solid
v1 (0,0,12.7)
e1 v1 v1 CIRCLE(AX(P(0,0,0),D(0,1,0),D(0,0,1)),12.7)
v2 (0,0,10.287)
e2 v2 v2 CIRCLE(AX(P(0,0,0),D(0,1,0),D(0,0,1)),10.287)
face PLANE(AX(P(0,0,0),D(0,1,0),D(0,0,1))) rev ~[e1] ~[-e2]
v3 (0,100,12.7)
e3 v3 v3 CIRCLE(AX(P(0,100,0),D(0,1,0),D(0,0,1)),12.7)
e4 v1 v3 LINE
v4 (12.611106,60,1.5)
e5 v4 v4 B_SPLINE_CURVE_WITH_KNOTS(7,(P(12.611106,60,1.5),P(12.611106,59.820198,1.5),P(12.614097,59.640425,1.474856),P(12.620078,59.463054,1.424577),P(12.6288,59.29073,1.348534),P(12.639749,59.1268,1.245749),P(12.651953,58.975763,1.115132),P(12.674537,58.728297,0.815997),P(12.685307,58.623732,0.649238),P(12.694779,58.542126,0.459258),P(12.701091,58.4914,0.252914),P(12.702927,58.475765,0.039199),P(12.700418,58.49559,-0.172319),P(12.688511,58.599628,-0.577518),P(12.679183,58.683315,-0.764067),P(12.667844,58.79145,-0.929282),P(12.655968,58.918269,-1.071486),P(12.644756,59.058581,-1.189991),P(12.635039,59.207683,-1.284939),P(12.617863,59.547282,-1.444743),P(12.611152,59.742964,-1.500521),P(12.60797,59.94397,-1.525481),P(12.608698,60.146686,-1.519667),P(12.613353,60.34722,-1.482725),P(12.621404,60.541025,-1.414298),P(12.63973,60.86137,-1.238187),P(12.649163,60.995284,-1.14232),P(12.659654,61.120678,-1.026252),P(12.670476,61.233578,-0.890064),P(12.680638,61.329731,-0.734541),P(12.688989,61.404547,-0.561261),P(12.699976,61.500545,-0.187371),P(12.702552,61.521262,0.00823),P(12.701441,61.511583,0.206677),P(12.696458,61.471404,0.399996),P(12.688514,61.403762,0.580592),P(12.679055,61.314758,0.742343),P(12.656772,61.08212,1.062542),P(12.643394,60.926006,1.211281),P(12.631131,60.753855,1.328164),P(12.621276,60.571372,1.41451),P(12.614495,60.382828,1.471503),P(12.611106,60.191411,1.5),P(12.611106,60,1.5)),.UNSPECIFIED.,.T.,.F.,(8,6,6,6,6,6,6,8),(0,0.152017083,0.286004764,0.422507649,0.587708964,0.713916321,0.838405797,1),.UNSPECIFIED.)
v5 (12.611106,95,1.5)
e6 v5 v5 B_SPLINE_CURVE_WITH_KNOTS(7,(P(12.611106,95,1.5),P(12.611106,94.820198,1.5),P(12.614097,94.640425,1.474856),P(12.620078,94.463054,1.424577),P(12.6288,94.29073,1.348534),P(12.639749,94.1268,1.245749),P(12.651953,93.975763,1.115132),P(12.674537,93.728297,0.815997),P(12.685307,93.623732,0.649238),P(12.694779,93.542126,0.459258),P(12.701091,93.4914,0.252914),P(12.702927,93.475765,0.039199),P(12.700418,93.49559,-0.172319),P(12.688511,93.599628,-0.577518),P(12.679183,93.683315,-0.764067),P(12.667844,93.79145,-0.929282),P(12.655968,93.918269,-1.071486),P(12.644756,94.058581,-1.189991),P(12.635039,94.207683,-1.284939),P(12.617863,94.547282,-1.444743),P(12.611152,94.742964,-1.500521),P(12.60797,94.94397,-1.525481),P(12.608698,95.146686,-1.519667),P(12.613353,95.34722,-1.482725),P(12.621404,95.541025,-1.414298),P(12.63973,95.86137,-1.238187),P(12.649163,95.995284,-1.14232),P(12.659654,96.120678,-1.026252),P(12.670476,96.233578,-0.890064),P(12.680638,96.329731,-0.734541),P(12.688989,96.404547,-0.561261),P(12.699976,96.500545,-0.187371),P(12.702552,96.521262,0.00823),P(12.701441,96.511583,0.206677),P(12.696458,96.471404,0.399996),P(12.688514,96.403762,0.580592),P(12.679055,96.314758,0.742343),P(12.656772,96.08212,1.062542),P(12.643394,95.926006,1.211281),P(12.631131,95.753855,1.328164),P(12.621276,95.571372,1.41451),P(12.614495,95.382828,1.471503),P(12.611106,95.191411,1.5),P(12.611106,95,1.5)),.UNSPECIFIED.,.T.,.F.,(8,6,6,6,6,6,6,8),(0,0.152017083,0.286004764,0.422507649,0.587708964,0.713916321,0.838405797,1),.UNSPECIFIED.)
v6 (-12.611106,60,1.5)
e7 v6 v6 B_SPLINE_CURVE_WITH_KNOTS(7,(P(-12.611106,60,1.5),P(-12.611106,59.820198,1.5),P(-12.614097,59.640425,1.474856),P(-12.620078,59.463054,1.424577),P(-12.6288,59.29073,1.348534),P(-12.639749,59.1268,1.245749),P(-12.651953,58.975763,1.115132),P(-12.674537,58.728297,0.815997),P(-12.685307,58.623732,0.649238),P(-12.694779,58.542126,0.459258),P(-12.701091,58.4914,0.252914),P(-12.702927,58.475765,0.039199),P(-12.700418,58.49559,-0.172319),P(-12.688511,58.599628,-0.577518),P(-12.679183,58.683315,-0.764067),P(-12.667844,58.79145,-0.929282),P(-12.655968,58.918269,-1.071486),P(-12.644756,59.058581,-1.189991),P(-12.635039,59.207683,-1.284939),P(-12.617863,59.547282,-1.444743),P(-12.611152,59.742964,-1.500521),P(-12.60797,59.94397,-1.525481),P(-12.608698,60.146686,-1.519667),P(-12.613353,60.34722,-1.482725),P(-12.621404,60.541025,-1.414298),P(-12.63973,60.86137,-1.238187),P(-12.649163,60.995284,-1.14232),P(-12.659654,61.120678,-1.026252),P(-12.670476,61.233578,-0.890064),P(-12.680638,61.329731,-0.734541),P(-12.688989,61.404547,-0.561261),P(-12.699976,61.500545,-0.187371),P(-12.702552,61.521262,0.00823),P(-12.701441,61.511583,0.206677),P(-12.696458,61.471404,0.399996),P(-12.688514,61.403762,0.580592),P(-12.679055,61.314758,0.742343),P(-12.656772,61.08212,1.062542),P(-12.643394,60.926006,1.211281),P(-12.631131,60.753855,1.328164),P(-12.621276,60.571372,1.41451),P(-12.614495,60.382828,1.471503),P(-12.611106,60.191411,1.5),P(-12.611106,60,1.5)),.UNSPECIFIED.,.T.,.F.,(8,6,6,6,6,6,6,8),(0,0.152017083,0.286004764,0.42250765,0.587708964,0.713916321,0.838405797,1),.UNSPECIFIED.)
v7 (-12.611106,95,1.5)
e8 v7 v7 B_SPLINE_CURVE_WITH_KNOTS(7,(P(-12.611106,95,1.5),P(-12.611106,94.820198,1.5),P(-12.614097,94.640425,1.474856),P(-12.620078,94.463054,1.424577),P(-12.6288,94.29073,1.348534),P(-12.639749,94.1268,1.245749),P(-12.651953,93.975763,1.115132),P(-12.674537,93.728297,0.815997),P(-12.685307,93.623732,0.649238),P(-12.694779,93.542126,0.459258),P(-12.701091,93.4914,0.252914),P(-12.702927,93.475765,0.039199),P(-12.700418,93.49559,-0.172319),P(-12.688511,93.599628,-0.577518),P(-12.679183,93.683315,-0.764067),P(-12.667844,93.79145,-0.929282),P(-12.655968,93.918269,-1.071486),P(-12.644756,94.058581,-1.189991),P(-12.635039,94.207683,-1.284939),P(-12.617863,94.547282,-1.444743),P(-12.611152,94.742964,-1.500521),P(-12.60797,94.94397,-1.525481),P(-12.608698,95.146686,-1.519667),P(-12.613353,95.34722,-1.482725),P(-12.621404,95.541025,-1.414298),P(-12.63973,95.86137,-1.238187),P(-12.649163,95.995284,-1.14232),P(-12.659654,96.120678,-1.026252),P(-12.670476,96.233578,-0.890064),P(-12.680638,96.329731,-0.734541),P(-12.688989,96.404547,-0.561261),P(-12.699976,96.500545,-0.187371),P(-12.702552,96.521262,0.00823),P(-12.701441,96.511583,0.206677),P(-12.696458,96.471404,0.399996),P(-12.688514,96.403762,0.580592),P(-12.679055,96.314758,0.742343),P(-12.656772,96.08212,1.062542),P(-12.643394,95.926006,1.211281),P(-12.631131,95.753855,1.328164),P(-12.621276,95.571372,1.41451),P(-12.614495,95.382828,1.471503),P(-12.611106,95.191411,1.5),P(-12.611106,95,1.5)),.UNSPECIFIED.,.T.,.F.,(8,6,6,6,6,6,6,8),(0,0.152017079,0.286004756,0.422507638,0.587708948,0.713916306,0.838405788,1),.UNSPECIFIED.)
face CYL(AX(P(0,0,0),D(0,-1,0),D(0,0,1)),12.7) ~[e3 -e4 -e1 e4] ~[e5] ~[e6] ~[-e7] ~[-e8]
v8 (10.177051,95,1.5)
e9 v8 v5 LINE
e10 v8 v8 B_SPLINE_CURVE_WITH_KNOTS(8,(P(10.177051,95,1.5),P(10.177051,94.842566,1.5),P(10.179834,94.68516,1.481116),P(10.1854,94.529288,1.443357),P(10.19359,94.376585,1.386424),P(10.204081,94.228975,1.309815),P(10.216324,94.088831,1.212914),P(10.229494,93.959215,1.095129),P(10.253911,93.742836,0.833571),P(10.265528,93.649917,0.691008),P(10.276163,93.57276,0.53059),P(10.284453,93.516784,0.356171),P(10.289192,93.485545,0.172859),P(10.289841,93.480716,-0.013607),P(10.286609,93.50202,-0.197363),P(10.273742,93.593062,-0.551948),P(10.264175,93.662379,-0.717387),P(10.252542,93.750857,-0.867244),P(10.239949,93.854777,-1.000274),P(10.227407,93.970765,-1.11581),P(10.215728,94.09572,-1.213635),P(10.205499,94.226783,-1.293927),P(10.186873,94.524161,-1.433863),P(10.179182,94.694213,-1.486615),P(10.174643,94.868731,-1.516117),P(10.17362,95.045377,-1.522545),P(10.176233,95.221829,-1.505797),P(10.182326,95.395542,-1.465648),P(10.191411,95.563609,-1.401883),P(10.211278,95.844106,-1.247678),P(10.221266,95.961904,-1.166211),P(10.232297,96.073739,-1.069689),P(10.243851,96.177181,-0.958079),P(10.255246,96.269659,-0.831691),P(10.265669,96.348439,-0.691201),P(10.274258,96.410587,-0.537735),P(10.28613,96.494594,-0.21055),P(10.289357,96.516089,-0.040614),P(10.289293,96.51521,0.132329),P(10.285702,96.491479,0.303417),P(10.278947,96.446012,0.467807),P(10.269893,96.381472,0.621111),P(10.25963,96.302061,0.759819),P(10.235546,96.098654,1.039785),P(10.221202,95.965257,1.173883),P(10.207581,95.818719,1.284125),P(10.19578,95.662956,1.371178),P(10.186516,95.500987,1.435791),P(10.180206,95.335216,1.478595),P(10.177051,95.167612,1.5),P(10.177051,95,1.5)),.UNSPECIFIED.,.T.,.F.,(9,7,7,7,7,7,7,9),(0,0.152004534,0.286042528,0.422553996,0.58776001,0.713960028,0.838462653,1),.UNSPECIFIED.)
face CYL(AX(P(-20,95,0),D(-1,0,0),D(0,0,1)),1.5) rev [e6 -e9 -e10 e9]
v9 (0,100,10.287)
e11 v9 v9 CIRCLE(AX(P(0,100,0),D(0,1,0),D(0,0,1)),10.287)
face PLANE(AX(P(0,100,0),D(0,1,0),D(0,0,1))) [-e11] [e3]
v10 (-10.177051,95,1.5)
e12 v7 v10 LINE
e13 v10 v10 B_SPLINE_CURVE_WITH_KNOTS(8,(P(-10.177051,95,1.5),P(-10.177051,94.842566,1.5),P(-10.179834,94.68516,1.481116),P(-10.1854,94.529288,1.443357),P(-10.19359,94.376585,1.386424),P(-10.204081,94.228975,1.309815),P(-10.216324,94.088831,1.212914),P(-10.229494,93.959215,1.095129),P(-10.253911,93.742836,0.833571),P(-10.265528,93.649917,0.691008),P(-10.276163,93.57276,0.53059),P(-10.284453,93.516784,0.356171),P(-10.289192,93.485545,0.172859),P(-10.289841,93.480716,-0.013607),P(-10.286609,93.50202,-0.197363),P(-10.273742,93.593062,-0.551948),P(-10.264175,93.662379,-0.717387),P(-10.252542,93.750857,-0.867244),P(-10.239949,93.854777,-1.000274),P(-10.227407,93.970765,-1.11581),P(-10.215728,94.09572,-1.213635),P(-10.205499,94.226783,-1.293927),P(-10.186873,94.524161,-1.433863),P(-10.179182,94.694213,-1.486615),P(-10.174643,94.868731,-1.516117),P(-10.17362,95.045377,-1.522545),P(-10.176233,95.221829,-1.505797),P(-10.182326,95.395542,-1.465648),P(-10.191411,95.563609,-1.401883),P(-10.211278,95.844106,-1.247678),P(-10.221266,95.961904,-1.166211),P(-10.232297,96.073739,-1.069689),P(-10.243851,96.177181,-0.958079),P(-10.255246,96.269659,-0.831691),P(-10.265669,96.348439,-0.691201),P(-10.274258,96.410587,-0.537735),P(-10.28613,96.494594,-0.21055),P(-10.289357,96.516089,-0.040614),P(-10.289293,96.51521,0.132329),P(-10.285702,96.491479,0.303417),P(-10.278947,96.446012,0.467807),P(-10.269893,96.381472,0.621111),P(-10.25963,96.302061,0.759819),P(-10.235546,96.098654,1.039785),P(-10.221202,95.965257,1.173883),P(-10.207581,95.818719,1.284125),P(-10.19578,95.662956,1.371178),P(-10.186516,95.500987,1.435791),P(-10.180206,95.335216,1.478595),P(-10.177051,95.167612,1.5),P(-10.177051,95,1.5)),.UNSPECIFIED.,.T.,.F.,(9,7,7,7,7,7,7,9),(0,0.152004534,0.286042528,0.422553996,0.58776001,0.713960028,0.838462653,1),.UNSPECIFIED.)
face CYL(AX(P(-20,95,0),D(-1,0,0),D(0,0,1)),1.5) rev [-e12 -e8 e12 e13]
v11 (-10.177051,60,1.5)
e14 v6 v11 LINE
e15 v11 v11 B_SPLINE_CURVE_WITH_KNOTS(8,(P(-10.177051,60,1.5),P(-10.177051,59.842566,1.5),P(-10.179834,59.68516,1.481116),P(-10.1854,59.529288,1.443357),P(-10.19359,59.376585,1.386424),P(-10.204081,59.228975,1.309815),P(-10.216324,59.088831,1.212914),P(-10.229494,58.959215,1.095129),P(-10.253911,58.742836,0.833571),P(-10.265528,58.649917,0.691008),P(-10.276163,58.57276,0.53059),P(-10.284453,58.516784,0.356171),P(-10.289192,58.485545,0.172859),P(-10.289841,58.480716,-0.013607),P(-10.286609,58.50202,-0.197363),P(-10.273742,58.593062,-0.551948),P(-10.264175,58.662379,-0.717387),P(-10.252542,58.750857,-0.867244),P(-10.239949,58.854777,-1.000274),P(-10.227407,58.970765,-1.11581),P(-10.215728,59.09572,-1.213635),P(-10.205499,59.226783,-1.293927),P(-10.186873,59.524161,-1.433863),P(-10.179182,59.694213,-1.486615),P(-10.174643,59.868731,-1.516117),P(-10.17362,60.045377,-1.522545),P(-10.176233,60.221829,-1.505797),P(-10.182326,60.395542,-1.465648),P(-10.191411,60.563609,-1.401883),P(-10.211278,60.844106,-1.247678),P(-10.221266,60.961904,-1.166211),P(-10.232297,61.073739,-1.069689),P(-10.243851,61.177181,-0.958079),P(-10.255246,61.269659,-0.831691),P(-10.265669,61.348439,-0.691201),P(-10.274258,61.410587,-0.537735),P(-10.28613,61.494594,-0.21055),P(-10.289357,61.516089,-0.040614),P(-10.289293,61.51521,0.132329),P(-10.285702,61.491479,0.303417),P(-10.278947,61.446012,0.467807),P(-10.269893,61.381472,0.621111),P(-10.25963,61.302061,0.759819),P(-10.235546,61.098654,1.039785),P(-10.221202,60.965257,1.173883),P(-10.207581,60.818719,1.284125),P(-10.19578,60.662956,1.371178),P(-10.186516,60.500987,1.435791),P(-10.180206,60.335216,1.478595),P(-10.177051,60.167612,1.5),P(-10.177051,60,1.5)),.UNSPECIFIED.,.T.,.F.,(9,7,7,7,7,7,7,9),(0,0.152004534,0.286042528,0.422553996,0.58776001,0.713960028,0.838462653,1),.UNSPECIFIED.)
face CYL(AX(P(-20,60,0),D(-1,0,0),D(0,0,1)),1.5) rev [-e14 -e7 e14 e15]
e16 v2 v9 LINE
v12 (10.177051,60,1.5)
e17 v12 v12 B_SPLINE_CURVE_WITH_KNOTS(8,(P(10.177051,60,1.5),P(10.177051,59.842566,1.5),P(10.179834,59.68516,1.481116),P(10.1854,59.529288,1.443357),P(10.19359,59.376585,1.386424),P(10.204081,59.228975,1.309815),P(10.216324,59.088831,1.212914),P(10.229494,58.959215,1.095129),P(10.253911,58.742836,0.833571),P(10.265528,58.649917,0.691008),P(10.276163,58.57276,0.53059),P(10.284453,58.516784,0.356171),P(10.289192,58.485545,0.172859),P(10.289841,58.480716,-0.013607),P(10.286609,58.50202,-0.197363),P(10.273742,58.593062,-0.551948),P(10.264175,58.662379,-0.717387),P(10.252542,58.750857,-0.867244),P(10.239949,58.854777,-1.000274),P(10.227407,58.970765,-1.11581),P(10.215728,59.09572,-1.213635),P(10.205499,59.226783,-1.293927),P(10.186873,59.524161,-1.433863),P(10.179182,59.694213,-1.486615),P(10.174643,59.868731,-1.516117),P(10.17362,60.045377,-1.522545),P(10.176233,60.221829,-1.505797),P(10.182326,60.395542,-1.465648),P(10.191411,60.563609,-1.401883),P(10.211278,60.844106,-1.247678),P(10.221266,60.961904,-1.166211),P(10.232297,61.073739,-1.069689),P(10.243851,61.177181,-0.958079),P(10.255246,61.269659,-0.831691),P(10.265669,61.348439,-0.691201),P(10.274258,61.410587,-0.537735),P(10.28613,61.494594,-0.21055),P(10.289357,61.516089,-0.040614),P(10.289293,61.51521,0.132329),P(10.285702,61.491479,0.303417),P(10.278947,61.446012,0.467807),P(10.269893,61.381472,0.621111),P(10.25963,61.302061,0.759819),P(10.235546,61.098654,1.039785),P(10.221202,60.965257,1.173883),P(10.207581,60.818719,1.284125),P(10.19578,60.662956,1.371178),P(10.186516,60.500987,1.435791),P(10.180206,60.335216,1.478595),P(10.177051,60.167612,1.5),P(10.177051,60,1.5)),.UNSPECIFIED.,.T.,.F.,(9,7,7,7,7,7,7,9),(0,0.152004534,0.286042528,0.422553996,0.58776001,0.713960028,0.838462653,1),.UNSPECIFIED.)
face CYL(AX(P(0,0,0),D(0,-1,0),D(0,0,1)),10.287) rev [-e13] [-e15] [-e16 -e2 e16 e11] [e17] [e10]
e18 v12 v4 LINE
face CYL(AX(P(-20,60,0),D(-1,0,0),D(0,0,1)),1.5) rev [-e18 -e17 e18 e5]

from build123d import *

# Parameters (mm, degrees)
SKETCH1_R               = 12.7
SKETCH1_R_2             = 10.287
BOSS_EXTRUDE1_DEPTH     = 100
CUT_EXTRUDE1_DEPTH      = 20
CUT_EXTRUDE1_DEPTH_BACK = 20
SKETCH2_R               = 1.5


with BuildPart() as part:
    # Sketch1 → Boss-Extrude1 (new body)
    with BuildSketch(Plane(origin=(0, 0, 0), x_dir=(1, 0, 0), z_dir=(0, 1, 0))):
        Circle(SKETCH1_R)
        Circle(SKETCH1_R_2, mode=Mode.SUBTRACT)
    extrude(amount=BOSS_EXTRUDE1_DEPTH)

    # Sketch2 → Cut-Extrude1 (cut, two sides: drawn at the far end of the back side and taken through both)
    with BuildSketch(Plane(origin=(0, 0, 0), x_dir=(0, 0, -1), z_dir=(1, 0, 0)).offset(-CUT_EXTRUDE1_DEPTH_BACK)):
        with Locations((0, 95)):
            Circle(SKETCH2_R)
        with Locations((0, 60)):
            Circle(SKETCH2_R)
    extrude(amount=CUT_EXTRUDE1_DEPTH + CUT_EXTRUDE1_DEPTH_BACK, mode=Mode.SUBTRACT)


solid = part.part
